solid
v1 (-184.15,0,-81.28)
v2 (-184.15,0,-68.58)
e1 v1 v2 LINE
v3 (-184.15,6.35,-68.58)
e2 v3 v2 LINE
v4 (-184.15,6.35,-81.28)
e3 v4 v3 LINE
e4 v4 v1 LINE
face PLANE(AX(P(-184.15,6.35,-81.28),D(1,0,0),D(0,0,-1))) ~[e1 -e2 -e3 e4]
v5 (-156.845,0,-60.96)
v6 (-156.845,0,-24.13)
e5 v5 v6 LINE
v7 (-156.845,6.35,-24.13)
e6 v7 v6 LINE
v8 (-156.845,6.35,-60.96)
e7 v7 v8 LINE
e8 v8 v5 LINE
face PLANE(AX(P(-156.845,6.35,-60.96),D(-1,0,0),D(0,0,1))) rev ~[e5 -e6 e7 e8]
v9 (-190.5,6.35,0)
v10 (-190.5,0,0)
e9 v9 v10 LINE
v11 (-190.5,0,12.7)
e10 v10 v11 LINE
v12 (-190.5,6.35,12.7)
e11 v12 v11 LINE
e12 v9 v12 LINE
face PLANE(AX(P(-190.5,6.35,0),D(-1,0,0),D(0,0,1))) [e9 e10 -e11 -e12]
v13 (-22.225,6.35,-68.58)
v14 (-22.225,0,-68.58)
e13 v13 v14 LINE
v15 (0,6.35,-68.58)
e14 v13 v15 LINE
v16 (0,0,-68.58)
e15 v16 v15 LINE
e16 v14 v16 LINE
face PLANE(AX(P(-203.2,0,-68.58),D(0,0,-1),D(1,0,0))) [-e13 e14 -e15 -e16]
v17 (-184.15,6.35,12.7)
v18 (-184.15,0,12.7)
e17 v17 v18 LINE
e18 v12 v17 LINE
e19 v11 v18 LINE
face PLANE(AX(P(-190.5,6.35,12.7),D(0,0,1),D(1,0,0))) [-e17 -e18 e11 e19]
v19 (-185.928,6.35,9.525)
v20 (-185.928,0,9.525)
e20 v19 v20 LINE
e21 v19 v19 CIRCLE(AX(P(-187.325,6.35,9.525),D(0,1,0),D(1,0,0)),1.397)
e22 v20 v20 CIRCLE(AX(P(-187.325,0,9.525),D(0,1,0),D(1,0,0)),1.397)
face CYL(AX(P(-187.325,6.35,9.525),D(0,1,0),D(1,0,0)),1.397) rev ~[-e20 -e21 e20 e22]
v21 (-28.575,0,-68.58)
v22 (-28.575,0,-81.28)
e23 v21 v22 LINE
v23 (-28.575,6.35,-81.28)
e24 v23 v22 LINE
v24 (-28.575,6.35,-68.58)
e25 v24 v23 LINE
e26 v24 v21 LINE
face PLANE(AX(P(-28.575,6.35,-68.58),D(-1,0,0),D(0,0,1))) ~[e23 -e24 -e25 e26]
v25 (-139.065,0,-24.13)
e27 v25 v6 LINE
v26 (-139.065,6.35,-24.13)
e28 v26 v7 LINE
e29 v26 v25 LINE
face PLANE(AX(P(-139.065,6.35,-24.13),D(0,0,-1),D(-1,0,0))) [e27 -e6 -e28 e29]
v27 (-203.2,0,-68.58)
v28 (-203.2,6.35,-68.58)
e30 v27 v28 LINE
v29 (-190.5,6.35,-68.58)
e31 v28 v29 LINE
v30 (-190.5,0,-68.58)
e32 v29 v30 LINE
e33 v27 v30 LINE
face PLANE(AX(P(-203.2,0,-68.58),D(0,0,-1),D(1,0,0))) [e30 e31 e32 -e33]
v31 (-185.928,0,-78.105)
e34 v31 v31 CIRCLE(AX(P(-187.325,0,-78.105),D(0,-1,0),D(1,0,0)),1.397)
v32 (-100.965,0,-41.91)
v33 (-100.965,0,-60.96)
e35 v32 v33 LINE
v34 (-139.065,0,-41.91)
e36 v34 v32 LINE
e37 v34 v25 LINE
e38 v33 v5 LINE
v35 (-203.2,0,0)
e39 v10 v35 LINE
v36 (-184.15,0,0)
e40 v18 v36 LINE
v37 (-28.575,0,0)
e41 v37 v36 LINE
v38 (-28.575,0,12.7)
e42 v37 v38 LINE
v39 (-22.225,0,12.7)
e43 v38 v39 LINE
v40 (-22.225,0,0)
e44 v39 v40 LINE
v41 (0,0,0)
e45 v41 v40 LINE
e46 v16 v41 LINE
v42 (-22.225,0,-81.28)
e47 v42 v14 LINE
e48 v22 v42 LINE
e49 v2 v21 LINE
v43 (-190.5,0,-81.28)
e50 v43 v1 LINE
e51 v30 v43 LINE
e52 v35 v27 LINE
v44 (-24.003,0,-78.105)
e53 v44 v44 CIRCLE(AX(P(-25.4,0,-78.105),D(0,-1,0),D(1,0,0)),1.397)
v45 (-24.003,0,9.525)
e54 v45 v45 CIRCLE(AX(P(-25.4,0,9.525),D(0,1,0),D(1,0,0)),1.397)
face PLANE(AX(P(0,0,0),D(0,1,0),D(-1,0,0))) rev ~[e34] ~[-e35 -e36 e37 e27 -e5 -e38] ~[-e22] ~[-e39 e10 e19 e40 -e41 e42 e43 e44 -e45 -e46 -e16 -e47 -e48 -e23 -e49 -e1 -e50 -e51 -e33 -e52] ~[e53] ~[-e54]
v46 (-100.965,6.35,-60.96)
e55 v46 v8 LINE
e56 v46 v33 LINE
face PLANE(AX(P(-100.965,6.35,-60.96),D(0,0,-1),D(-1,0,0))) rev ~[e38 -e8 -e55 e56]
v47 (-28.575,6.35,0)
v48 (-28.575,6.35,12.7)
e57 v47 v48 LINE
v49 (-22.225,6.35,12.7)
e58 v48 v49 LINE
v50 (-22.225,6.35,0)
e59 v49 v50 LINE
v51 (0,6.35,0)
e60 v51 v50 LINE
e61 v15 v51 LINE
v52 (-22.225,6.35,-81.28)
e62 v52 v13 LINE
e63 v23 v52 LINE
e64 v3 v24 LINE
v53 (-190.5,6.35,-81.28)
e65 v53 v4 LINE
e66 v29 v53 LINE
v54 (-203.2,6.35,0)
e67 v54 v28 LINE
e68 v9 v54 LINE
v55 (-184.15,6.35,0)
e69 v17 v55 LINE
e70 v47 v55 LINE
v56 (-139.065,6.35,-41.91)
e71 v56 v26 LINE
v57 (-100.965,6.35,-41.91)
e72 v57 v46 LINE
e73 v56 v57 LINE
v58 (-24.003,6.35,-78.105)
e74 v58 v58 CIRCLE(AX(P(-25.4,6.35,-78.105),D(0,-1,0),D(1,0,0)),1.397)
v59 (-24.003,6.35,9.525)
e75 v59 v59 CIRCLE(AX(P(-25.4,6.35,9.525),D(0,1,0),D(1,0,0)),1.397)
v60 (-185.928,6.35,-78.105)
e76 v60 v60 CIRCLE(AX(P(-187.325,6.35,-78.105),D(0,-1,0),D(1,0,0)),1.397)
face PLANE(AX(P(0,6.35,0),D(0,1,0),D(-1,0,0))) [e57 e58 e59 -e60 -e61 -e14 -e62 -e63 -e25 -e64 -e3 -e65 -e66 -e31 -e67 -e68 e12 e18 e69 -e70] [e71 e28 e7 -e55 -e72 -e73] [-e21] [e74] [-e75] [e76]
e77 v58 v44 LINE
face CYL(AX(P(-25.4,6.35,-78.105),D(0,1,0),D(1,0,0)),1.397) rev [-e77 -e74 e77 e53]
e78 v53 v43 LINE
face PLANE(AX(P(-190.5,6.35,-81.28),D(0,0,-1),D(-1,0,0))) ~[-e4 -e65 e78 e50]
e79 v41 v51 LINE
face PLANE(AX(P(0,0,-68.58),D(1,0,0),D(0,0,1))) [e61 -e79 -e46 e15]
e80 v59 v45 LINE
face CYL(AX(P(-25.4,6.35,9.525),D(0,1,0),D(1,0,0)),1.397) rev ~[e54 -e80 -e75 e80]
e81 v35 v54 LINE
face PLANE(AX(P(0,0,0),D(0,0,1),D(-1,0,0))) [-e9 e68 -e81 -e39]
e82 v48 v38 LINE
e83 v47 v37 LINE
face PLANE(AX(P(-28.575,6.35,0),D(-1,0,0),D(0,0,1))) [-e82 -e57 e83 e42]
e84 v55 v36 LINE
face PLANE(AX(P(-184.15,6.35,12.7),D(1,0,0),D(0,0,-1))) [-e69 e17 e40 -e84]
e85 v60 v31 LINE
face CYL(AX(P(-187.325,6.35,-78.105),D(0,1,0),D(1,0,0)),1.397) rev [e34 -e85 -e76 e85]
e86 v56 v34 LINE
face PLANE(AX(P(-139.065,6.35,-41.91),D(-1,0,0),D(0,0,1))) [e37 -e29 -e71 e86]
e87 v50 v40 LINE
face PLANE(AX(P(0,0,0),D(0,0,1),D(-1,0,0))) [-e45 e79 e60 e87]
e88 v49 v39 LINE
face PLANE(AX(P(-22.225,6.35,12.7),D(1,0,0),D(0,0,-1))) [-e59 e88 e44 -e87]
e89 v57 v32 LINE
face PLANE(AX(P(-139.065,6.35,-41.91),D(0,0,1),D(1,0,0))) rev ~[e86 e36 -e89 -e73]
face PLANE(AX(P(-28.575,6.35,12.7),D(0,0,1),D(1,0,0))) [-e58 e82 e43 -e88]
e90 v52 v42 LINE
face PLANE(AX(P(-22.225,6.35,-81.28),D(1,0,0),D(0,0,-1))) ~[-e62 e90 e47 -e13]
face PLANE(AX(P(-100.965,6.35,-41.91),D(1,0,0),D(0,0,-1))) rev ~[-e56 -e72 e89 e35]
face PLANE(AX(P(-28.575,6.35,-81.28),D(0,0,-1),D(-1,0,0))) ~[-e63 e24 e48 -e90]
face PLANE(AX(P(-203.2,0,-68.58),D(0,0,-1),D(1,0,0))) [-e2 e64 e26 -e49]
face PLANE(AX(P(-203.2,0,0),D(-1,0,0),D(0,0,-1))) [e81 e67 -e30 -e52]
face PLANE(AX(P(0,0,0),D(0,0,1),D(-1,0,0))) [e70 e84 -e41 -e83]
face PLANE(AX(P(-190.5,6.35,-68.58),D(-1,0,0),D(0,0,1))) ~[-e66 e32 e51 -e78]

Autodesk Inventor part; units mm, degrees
ref_plane "YZ Plane" through (0, 0, 0) normal (1, 0, 0) x (0, 1, 0)
ref_plane "XZ Plane" through (0, 0, 0) normal (0, 1, 0) x (-1, 0, 0)
ref_plane "XY Plane" through (0, 0, 0) normal (0, 0, 1) x (1, 0, 0)
sketch "Sketch1" plane through (0, 0, 0) normal (0, 1, 0) x (-1, 0, 0)
  line L0 (0, 0) -> (203.2, 0)
  line L1 (203.2, 0) -> (203.2, -68.58)
  line L2 (203.2, -68.58) -> (0, -68.58)
  line L3 (0, -68.58) -> (0, 0)
  dimension "d0" = 203.2
  dimension "d1" = 68.58
extrude "Extrusion1" add sketch "Sketch1" along normal blind 6.35
sketch "Sketch2" plane through (0, 6.35, 0) normal (0, 1, 0) x (1, 0, 0)
  line L0 (-184.15, 0) -> (-190.5, 0)
  line L1 (-190.5, 0) -> (-190.5, -12.7)
  line L2 (-190.5, -12.7) -> (-184.15, -12.7)
  line L3 (-184.15, -12.7) -> (-184.15, 0)
  circle A0 centre (-187.325, -9.525) radius 1.397
  line L4 (-203.2, 0) -> (0, 0) projected
  line L5 (-22.225, 0) -> (-28.575, 0)
  line L6 (-28.575, 0) -> (-28.575, -12.7)
  line L7 (-28.575, -12.7) -> (-22.225, -12.7)
  line L8 (-22.225, -12.7) -> (-22.225, 0)
  circle A1 centre (-25.4, -9.525) radius 1.397
  dimension "d4" = 12.7
  dimension "d5" = 6.35
  dimension "d6" = 2.794
  dimension "d7" = 3.175
  dimension "d8" = 3.175
  dimension "d9" = 0
  dimension "d10" = 12.7
  dimension "d11" = 12.7
  dimension "d12" = 6.35
  dimension "d13" = 2.794
  dimension "d14" = 3.175
  dimension "d15" = 3.175
  dimension "d16" = 0
  dimension "d20" = 25.4
extrude "Extrusion2" add sketch "Sketch2" against normal blind 6.35
ref_plane "Work Plane1" through (-184.15, 0, -34.29) normal (0, 0, 1) x (1, 0, 0)
mirror "Mirror1" about plane through (-184.15, 0, -34.29) normal (0, 0, 1) of "Extrusion2"
sketch "Sketch3" plane through (0, 6.35, 0) normal (0, 1, 0) x (1, 0, 0)
  line L0 (-156.845, 41.91) -> (-100.965, 41.91)
  line L1 (-100.965, 41.91) -> (-100.965, 60.96)
  line L2 (-100.965, 60.96) -> (-156.845, 60.96)
  line L3 (-156.845, 60.96) -> (-156.845, 41.91)
  line L4 (-156.845, 41.91) -> (-139.065, 41.91)
  line L5 (-139.065, 41.91) -> (-139.065, 24.13)
  line L6 (-139.065, 24.13) -> (-156.845, 24.13)
  line L7 (-156.845, 24.13) -> (-156.845, 41.91)
  line L8 (-28.575, 68.58) -> (-184.15, 68.58) projected
  circle A0 centre (-187.325, 78.105) radius 1.397 projected
  point P0 (0, 0)
  dimension "d21" = 19.05
  dimension "d22" = 55.88
  dimension "d23" = 17.78
  dimension "d24" = 17.78
  dimension "d25" = 7.62
  dimension "d28" = 30.48
extrude "Extrusion3" cut sketch "Sketch3" against normal blind 25.4 contours L3 L2 L1 L0 | L0 L5 L6 L7
properties part number "BackPanel"
